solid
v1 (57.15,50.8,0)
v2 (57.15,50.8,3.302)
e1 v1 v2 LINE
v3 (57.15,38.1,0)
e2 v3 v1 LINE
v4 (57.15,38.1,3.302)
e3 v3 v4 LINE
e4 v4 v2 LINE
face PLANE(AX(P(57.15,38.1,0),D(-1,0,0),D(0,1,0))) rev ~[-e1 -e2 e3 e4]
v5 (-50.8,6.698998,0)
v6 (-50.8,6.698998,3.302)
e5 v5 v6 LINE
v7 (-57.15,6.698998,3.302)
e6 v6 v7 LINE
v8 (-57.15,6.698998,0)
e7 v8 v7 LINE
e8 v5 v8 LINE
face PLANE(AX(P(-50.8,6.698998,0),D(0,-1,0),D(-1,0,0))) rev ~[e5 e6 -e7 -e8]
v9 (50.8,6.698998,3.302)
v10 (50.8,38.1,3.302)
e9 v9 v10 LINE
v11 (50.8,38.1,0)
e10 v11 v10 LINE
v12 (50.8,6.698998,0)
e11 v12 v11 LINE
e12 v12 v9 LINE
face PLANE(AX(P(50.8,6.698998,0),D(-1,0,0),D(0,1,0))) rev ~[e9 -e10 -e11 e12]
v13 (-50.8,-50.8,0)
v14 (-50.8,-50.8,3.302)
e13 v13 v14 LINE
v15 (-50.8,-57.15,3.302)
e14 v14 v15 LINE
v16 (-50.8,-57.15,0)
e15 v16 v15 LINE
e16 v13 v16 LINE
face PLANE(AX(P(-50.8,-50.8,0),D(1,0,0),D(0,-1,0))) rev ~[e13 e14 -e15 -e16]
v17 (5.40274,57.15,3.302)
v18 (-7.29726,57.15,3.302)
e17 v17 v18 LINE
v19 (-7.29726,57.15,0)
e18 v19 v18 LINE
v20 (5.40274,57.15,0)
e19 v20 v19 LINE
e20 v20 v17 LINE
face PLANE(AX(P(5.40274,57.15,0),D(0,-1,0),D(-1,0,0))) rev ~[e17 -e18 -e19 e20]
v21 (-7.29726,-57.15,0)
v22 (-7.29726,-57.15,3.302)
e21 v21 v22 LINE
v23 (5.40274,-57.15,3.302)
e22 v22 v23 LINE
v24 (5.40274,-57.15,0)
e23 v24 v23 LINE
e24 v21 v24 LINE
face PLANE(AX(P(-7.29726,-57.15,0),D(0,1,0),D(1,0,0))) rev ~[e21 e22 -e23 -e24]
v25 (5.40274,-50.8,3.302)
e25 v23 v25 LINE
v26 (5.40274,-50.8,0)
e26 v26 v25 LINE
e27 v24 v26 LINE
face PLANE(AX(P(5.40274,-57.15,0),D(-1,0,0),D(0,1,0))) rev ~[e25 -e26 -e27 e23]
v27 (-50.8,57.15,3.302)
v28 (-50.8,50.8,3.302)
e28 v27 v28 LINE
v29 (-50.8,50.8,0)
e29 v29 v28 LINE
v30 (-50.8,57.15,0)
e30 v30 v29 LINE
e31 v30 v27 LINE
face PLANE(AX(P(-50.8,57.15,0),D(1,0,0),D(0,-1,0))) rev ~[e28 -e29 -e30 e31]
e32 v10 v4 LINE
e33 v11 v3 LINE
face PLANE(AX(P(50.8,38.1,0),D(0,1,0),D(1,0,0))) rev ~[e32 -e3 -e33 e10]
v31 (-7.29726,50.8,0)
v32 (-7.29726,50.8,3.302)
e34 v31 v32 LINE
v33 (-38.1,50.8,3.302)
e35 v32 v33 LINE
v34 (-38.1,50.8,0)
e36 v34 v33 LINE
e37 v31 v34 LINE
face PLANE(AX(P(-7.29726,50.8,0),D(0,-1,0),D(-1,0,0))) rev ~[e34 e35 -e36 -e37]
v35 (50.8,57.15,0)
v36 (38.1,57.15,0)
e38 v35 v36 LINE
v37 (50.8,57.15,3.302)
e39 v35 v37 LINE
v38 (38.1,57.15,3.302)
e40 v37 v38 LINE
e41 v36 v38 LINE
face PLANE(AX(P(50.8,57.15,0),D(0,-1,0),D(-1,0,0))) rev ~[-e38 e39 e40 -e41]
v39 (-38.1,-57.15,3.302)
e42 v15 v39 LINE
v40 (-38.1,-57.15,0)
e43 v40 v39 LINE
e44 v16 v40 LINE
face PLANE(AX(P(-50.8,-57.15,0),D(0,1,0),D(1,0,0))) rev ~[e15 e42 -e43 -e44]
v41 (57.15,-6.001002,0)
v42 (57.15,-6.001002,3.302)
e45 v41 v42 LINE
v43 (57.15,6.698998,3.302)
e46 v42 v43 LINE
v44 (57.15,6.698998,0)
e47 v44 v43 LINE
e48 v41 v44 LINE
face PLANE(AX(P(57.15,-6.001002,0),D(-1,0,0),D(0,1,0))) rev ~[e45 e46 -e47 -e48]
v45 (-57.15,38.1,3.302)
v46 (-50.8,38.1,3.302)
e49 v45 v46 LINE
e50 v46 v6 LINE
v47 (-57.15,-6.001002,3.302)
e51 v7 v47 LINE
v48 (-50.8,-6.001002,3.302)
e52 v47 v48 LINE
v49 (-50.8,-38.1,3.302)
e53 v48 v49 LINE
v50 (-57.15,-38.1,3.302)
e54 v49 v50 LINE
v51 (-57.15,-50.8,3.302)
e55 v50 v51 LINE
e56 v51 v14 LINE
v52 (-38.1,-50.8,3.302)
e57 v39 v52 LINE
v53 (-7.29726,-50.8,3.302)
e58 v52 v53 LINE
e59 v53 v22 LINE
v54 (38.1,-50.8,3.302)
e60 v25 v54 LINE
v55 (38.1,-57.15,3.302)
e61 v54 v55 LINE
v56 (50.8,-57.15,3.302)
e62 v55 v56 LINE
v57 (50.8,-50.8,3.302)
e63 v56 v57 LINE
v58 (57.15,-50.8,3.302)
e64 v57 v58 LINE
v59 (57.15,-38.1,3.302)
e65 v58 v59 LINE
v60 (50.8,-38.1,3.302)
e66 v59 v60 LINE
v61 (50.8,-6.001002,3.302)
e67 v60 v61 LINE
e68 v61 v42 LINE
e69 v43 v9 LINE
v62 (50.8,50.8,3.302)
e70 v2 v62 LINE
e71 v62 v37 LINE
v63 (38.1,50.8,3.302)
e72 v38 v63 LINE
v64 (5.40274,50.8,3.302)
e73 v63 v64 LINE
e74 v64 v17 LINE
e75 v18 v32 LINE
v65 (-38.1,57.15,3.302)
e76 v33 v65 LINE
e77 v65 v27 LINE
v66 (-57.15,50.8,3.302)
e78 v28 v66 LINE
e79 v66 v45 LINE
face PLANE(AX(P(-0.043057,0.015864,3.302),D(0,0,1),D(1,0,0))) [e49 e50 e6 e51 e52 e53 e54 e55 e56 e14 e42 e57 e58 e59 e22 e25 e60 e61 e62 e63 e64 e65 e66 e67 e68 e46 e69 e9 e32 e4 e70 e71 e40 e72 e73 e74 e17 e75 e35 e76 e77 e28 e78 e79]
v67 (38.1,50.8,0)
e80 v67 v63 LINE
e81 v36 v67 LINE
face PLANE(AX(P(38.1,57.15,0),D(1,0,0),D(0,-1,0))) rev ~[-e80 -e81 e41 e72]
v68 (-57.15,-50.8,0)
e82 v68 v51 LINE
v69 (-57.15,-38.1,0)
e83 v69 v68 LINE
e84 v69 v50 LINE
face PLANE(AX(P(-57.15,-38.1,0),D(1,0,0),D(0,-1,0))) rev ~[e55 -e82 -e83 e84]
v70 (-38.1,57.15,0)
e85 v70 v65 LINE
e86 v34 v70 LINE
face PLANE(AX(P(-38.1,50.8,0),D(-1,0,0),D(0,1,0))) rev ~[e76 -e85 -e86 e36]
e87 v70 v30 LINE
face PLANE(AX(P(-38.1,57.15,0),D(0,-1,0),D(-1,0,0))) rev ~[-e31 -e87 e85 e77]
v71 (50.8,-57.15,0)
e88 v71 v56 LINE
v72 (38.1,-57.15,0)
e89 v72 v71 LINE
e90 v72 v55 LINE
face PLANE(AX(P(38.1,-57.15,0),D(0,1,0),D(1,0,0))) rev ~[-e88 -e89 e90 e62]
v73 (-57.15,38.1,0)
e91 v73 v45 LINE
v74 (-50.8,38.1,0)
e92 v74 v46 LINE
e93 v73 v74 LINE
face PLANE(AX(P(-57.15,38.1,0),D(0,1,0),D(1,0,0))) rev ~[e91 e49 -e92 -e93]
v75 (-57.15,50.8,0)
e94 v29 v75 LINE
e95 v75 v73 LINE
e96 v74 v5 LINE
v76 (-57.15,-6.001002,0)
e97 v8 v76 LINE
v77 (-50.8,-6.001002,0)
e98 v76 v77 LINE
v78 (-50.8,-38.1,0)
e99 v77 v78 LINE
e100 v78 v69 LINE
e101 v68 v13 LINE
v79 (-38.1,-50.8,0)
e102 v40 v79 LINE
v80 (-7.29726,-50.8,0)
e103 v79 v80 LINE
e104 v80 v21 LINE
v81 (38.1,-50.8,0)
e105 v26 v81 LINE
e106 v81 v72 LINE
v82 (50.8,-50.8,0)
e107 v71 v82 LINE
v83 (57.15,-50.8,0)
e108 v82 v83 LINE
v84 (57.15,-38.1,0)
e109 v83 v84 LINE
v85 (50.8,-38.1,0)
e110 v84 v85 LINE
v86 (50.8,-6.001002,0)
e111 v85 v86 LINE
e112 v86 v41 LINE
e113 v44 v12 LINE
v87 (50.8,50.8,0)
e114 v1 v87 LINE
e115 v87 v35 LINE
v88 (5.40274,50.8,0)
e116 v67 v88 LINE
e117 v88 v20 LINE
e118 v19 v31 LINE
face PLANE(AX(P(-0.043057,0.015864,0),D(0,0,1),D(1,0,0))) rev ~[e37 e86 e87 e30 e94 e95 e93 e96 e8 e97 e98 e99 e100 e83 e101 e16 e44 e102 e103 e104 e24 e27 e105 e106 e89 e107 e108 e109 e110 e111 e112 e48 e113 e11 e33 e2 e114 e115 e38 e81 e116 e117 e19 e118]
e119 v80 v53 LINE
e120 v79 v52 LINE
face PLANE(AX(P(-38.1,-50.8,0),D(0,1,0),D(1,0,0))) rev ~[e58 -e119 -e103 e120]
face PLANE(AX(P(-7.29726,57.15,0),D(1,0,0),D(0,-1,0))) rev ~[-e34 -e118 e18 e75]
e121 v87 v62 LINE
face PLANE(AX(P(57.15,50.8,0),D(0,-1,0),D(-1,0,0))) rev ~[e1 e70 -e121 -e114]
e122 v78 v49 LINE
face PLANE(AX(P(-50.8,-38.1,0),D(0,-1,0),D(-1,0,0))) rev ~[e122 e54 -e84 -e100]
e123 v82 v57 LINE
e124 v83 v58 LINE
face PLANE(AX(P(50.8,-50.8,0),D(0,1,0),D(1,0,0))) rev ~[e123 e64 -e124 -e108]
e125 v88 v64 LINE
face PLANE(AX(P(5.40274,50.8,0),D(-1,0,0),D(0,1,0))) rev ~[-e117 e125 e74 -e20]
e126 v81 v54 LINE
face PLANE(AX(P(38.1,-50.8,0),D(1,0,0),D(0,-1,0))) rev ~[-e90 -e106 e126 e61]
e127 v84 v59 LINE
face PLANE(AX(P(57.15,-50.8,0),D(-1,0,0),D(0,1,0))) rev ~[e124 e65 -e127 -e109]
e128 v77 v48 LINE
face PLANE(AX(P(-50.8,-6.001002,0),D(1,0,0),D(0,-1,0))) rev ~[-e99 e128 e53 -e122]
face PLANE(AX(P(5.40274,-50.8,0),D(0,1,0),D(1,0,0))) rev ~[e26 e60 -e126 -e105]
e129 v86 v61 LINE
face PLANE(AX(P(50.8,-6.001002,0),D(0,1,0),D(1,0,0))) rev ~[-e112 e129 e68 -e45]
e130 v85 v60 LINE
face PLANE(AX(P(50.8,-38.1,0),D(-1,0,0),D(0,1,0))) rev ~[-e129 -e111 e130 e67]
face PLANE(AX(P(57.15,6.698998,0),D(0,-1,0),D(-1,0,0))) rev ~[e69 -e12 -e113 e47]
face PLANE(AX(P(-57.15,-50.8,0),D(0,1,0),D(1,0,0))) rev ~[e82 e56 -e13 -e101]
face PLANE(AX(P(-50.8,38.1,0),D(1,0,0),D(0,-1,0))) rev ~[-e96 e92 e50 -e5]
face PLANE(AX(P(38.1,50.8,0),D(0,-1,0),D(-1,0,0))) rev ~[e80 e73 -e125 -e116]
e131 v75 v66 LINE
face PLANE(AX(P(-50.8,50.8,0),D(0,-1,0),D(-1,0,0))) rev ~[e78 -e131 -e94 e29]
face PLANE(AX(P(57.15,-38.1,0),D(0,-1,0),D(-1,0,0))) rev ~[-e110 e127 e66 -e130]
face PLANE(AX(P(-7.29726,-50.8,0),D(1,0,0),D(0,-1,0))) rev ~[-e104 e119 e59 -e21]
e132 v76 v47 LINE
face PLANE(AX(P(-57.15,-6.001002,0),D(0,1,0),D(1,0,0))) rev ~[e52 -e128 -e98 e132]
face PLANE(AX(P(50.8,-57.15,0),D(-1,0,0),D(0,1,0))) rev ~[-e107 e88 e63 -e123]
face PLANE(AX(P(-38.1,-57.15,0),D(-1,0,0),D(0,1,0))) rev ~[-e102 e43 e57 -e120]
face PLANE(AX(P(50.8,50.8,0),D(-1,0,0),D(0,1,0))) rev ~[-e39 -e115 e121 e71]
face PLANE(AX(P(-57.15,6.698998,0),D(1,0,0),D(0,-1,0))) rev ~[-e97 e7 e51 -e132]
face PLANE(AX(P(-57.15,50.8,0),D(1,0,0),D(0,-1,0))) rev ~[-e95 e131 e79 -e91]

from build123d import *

# Parameters (mm, degrees)
F1_DEPTH = 3.302


with BuildPart() as f1:
    # F0 (on Top) → F1 (new body)
    with BuildSketch(Plane.XY):
        Polygon((-7.29726, 50.8), (-38.1, 50.8), (-38.1, 57.15), (-50.8, 57.15), (-50.8, 50.8), (-57.15, 50.8), (-57.15, 38.1), (-50.8, 38.1), (-50.8, 6.698998), (-57.15, 6.698998), (-57.15, -6.001002), (-50.8, -6.001002), (-50.8, -38.1), (-57.15, -38.1), (-57.15, -50.8), (-50.8, -50.8), (-50.8, -57.15), (-38.1, -57.15), (-38.1, -50.8), (-7.29726, -50.8), (-7.29726, -57.15), (5.40274, -57.15), (5.40274, -50.8), (38.1, -50.8), (38.1, -57.15), (50.8, -57.15), (50.8, -50.8), (57.15, -50.8), (57.15, -38.1), (50.8, -38.1), (50.8, -6.001002), (57.15, -6.001002), (57.15, 6.698998), (50.8, 6.698998), (50.8, 38.1), (57.15, 38.1), (57.15, 50.8), (50.8, 50.8), (50.8, 57.15), (38.1, 57.15), (38.1, 50.8), (5.40274, 50.8), (5.40274, 57.15), (-7.29726, 57.15), align=None)
    extrude(amount=F1_DEPTH)


solid = f1.part
